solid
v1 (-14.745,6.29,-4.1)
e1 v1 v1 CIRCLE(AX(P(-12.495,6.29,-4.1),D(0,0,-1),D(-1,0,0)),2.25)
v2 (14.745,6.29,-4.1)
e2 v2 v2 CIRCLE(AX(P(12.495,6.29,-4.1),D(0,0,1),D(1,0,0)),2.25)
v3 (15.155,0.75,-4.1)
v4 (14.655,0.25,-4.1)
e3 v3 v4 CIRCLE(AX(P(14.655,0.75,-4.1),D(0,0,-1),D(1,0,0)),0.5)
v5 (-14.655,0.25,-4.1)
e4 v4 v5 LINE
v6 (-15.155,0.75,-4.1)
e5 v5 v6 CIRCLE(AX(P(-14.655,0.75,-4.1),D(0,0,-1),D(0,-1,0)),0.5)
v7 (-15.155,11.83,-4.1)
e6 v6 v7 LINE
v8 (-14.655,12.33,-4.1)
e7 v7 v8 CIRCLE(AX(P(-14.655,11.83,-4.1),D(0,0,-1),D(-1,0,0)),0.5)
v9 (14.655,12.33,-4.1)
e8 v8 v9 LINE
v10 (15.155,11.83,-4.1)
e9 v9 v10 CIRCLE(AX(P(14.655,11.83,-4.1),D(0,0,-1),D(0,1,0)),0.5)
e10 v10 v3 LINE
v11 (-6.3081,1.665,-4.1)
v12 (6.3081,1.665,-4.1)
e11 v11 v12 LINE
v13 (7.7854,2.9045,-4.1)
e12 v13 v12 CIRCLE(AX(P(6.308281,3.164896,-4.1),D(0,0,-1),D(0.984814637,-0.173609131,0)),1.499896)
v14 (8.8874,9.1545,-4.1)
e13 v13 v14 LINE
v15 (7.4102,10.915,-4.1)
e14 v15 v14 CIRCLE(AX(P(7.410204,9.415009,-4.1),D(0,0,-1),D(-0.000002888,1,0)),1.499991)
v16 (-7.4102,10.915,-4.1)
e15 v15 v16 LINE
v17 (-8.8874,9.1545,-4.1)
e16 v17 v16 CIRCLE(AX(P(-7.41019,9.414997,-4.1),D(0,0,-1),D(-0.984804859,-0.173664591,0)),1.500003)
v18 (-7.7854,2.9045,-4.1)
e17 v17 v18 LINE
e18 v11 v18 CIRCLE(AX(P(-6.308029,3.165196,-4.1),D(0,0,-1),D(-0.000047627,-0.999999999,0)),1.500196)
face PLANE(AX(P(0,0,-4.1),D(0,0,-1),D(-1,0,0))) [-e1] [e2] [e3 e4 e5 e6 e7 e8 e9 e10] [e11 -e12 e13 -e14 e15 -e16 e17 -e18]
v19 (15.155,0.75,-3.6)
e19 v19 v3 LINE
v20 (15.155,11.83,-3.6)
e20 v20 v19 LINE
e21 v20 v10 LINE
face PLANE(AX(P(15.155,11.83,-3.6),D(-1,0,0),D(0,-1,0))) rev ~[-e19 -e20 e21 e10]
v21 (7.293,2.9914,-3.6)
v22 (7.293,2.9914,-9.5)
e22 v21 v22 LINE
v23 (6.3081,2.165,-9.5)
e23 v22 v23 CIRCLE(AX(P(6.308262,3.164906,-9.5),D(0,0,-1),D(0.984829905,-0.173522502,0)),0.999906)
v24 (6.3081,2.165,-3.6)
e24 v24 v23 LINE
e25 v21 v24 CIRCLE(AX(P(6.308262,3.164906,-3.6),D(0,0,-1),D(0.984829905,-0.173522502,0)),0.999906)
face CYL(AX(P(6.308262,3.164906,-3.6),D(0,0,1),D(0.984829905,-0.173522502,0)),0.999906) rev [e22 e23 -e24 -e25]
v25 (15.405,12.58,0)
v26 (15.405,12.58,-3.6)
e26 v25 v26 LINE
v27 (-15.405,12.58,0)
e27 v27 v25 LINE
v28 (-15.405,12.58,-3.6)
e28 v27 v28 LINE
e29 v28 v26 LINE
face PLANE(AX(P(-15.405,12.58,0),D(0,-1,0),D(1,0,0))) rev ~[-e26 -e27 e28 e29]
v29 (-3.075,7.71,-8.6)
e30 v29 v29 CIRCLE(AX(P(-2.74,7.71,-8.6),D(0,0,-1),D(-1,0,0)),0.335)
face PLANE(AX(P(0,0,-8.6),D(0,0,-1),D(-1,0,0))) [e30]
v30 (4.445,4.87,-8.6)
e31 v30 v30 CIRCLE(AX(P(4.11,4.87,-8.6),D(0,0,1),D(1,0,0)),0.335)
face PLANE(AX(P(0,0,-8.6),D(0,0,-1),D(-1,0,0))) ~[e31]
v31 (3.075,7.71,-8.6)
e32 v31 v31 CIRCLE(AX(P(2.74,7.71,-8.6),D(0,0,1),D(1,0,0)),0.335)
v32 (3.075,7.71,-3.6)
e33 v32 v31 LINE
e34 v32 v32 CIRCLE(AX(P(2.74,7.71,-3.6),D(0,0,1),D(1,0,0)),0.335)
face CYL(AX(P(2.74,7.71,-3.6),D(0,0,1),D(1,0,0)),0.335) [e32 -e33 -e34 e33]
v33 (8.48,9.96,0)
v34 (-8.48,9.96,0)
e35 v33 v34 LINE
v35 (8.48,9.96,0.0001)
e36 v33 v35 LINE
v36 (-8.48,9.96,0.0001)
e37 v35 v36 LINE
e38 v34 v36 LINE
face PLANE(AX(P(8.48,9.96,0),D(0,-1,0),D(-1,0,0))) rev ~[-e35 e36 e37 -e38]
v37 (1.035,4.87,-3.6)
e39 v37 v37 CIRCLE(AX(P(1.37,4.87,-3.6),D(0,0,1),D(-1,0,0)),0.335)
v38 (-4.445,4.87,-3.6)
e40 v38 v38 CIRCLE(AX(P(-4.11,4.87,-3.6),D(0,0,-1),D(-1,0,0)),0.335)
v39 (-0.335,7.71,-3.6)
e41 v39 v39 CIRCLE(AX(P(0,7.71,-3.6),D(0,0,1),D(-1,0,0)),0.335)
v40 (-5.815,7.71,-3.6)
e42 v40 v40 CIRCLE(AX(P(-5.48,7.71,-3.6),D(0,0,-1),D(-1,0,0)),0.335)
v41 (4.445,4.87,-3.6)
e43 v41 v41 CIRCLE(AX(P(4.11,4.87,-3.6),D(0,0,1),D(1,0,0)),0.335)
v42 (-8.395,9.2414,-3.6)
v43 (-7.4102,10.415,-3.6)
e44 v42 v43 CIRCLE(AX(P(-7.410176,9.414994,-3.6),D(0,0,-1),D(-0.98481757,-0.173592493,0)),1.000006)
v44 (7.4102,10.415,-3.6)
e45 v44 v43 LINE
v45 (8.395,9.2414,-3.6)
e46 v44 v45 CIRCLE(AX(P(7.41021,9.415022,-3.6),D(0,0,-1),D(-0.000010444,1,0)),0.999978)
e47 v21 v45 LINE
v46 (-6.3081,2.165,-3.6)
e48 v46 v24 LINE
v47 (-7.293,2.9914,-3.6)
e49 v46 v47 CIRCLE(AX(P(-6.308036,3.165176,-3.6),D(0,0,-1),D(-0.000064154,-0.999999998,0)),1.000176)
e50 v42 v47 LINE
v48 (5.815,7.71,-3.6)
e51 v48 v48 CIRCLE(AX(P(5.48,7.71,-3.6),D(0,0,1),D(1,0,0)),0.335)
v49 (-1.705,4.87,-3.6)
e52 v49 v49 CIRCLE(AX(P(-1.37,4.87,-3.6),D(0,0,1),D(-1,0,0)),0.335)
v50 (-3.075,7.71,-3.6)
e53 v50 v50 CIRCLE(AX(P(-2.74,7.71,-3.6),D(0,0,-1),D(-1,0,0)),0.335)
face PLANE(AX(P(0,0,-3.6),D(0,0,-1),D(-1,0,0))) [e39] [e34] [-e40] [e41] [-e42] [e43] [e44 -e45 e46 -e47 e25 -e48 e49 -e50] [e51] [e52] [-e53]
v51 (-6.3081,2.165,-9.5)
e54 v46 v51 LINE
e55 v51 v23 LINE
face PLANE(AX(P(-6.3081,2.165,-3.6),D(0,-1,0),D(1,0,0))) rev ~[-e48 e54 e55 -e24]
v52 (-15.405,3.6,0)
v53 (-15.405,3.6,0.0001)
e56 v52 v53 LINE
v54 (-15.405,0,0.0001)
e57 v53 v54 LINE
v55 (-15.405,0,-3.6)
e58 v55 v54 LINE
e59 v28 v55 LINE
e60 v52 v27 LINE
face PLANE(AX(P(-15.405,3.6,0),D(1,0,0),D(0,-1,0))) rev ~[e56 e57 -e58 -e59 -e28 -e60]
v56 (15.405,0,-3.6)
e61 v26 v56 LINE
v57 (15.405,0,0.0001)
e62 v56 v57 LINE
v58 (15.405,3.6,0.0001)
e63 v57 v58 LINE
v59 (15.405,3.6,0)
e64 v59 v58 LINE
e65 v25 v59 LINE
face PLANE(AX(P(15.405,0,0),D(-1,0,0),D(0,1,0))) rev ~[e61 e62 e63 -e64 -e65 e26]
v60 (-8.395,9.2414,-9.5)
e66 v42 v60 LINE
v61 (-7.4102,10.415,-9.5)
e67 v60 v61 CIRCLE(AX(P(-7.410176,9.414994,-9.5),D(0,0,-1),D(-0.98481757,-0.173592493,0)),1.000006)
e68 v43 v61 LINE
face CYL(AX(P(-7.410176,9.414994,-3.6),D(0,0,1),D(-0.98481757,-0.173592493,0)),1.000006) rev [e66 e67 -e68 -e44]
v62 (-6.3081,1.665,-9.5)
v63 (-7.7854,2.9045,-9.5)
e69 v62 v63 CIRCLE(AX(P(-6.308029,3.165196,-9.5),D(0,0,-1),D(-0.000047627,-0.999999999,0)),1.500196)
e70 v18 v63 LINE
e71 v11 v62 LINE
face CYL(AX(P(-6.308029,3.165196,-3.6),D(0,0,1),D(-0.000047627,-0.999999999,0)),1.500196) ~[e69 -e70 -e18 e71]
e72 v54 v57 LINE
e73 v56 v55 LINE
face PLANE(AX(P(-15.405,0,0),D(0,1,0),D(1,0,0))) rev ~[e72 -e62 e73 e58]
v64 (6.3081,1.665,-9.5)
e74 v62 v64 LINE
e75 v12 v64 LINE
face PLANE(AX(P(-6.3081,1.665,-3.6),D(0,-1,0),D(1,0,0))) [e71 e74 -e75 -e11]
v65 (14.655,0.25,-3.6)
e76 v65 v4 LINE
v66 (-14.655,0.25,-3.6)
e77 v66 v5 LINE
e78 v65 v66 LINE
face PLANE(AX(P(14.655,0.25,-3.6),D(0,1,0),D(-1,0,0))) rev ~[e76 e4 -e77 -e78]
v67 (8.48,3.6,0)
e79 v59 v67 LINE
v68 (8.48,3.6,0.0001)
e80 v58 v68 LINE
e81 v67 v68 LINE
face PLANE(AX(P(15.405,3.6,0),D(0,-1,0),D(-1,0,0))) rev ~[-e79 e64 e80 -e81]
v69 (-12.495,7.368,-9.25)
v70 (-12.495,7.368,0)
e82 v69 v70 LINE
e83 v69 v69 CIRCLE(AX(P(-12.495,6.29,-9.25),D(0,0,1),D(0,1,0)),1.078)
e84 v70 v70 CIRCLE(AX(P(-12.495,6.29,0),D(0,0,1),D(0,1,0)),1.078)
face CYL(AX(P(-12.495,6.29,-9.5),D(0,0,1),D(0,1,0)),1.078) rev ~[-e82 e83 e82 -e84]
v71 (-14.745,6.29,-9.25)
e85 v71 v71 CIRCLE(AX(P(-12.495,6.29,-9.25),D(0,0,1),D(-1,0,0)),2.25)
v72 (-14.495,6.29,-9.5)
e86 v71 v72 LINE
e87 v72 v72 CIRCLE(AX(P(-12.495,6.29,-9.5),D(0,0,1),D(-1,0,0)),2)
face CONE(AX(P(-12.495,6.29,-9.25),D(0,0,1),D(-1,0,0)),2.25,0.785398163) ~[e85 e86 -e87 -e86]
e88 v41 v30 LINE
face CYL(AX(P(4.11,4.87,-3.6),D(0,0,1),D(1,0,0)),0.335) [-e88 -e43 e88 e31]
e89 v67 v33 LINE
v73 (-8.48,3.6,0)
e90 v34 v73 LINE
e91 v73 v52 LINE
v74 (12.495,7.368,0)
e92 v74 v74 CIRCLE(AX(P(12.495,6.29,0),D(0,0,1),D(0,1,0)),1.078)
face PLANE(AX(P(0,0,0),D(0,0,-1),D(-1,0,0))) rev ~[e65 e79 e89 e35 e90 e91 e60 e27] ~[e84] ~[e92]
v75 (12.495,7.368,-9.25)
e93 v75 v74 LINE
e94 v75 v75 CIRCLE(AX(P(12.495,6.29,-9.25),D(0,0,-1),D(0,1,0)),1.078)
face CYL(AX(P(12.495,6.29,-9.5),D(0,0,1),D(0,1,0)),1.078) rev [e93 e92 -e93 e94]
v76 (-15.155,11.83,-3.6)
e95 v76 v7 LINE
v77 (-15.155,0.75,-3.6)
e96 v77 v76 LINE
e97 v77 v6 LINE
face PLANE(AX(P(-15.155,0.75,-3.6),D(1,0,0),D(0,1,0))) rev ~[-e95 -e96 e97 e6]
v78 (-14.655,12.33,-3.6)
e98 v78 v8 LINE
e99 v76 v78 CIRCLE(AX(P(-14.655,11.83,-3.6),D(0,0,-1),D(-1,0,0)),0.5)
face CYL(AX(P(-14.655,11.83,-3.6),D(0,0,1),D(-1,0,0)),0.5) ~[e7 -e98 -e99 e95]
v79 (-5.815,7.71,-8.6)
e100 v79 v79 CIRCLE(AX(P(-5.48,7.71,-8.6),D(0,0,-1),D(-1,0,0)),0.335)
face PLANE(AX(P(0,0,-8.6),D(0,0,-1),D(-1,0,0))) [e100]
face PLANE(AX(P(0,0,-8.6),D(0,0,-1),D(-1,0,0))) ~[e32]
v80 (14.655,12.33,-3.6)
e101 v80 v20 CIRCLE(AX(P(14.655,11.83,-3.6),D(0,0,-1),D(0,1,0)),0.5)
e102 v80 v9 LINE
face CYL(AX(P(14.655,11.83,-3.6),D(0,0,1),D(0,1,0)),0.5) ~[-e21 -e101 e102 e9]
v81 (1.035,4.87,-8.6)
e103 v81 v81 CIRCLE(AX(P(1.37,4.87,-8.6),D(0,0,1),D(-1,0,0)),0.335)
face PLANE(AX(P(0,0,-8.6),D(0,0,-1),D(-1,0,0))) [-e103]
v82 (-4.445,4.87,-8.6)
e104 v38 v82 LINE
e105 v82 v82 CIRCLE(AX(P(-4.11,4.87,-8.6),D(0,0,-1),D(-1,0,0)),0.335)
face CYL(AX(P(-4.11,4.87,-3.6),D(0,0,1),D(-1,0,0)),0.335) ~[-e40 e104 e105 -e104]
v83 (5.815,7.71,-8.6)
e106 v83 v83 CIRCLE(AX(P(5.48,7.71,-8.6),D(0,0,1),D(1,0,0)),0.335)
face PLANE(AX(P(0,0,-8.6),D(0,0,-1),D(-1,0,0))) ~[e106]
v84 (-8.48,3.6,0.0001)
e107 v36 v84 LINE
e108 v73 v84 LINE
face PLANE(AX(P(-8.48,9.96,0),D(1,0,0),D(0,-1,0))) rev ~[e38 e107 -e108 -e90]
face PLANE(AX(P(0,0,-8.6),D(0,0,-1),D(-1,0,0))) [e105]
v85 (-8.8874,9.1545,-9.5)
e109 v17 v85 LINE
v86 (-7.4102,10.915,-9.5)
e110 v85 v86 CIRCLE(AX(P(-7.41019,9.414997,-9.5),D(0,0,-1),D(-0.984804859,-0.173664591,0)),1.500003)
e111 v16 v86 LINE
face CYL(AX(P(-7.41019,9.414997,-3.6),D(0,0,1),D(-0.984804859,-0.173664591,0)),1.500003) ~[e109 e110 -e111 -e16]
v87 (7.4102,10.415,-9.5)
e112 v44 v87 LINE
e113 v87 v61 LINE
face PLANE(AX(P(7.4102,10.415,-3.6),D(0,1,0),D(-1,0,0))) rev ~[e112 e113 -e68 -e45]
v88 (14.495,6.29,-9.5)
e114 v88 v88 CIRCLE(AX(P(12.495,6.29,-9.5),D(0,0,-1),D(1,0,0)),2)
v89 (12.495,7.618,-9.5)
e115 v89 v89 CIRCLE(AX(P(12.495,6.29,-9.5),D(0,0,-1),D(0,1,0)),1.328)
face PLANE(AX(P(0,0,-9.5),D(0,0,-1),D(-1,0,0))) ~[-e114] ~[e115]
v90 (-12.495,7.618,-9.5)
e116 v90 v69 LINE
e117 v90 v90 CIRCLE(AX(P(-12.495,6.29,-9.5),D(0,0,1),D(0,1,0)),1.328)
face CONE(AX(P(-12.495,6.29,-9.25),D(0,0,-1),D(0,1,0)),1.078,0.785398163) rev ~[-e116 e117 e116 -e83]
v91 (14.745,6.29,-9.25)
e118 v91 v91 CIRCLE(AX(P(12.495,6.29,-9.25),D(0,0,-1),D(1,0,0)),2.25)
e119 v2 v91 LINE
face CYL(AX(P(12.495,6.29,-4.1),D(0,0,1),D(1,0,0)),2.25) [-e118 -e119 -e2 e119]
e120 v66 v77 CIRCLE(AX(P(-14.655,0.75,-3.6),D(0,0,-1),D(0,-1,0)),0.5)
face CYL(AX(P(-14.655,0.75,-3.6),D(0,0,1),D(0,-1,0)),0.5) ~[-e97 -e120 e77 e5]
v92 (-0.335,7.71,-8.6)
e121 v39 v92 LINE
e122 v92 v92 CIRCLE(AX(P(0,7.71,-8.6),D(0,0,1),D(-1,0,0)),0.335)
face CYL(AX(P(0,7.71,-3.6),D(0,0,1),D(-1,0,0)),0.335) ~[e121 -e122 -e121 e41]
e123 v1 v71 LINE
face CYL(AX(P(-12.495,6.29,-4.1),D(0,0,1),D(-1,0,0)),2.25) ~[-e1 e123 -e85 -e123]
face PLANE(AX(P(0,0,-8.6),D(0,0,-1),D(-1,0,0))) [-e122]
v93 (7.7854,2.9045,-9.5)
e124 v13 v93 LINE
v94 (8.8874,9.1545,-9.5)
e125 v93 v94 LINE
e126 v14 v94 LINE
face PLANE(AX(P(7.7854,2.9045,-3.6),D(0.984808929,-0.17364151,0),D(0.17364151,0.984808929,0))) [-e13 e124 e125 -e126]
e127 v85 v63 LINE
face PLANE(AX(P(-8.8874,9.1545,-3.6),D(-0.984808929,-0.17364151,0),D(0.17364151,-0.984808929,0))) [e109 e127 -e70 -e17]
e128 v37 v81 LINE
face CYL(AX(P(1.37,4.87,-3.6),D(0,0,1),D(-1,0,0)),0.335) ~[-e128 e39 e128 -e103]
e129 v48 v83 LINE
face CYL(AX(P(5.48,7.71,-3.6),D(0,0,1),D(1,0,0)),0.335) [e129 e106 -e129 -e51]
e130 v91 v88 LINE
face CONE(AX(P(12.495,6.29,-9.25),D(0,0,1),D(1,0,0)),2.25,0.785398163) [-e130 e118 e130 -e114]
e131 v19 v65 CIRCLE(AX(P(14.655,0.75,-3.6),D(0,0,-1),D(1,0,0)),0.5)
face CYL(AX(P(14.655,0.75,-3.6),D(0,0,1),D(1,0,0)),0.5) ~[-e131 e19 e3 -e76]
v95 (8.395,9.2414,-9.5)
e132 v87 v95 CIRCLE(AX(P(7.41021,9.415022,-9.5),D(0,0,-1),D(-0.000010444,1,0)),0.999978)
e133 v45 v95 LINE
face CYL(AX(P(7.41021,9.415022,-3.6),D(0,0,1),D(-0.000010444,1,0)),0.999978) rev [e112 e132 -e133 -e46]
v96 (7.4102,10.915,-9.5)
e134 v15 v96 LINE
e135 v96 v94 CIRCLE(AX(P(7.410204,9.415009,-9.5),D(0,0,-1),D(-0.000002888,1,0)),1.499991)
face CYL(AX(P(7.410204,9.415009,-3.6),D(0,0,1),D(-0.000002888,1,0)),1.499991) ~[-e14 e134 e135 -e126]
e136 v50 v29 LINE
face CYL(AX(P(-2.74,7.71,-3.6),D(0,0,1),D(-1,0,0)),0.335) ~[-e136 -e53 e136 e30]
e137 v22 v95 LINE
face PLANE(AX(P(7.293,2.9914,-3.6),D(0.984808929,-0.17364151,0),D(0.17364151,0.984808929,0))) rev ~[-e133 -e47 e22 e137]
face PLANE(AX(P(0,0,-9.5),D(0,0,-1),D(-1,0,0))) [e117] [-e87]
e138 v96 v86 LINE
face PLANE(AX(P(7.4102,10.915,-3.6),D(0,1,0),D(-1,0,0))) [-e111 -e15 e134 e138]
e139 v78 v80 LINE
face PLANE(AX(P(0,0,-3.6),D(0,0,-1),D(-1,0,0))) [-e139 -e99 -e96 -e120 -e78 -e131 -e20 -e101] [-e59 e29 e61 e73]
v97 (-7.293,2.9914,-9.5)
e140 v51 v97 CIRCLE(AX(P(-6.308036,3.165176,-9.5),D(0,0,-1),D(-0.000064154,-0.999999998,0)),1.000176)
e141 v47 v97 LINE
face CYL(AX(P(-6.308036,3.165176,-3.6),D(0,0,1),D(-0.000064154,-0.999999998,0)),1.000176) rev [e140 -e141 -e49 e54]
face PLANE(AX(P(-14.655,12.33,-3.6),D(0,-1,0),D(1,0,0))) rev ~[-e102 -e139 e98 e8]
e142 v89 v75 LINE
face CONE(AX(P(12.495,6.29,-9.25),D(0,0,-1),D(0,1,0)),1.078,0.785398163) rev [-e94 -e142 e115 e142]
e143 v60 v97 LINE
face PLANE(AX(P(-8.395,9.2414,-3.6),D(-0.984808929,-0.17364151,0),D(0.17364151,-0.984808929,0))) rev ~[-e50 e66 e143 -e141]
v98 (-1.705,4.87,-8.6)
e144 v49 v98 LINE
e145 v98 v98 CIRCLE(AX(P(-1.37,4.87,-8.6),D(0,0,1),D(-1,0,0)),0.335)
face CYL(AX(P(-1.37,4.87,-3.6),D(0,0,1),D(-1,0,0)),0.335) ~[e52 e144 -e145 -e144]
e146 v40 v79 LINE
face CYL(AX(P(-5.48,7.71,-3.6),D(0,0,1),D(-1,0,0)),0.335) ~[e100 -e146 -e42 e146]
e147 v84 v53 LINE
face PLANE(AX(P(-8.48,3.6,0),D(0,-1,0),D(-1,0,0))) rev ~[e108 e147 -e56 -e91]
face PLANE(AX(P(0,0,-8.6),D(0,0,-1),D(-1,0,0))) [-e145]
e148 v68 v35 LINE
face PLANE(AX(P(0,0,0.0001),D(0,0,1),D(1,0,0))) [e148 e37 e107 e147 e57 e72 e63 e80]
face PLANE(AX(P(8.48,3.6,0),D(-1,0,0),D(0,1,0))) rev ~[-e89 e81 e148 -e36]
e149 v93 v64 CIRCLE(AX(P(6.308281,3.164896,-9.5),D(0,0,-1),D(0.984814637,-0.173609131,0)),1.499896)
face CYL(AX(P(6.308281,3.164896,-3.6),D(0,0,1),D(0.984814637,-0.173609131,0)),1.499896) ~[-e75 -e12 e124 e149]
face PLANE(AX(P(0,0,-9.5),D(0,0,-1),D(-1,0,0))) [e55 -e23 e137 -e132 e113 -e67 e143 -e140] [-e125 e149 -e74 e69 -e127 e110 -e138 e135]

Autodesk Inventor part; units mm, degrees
ref_plane "YZ Plane" through (0, 0, 0) normal (1, 0, 0) x (0, 1, 0)
ref_plane "XZ Plane" through (0, 0, 0) normal (0, 1, 0) x (-1, 0, 0)
ref_plane "XY Plane" through (0, 0, 0) normal (0, 0, 1) x (1, 0, 0)
sketch "Sketch1" plane through (0, 0, 0) normal (0, 0, 1) x (1, 0, 0)
  line L0 (-15.405, 0) -> (15.405, 0)
  line L1 (15.405, 0) -> (15.405, 3.6)
  line L2 (15.405, 3.6) -> (8.48, 3.6)
  line L3 (8.48, 3.6) -> (8.48, 9.96)
  line L4 (8.48, 9.96) -> (-8.48, 9.96)
  line L5 (-8.48, 9.96) -> (-8.48, 3.6)
  line L6 (-8.48, 3.6) -> (-15.405, 3.6)
  line L7 (-15.405, 3.6) -> (-15.405, 0)
  point P0 (0, 0)
  point P1 (0, 0)
  dimension "d0" = 16.96
  dimension "d1" = 9.96
  dimension "d2" = 3.6
  dimension "d3" = 30.81
extrude "Extrusion1" add sketch "Sketch1" along normal blind 0.0001
sketch "Sketch2" plane through (0, 0, 0) normal (0, 0, -1) x (-1, 0, 0)
  line L0 (15.405, 3.6) -> (15.405, 0) projected
  line L1 (-15.405, 0) -> (15.405, 0)
  line L2 (15.405, 0) -> (15.405, 12.58)
  line L3 (15.405, 12.58) -> (-15.405, 12.58)
  line L4 (-15.405, 12.58) -> (-15.405, 0)
  dimension "d6" = 12.58
extrude "Extrusion2" add sketch "Sketch2" along normal blind 3.6
sketch "Sketch5" plane through (0, 0, -3.6) normal (0, 0, -1) x (-1, 0, 0)
  line L0 (15.405, 0) -> (-15.405, 0) projected
  line L1 (-15.405, 12.58) -> (15.405, 12.58) projected
  line L2 (-7.4102, 10.415) -> (7.4102, 10.415)
  line L3 (8.395, 9.2414) -> (7.293, 2.9914)
  line L4 (6.3081, 2.165) -> (-6.3081, 2.165)
  line L5 (-7.293, 2.9914) -> (-8.395, 9.2414)
  arc A0 (-7.4102, 10.415) -> (-8.395, 9.2414) centre (-7.4102, 9.415) ccw
  arc A1 (8.395, 9.2414) -> (7.4102, 10.415) centre (7.4102, 9.415) ccw
  arc A2 (-7.293, 2.9914) -> (-6.3081, 2.165) centre (-6.3081, 3.165) ccw
  arc A3 (6.3081, 2.165) -> (7.293, 2.9914) centre (6.3081, 3.165) ccw
  line L6 (0, 12.58) -> (0, 0) construction
  line L7 (0, 10.415) -> (0, 12.58) construction
  line L8 (0, 0) -> (0, 2.165) construction
  arc A4 (-7.4102, 10.915) -> (-8.8874, 9.1545) centre (-7.4102, 9.415) ccw
  line L9 (-7.4102, 10.915) -> (7.4102, 10.915)
  arc A5 (8.8874, 9.1545) -> (7.4102, 10.915) centre (7.4102, 9.415) ccw
  line L10 (8.8874, 9.1545) -> (7.7854, 2.9045)
  arc A6 (6.3081, 1.665) -> (7.7854, 2.9045) centre (6.3081, 3.165) ccw
  line L11 (6.3081, 1.665) -> (-6.3081, 1.665)
  arc A7 (-7.7854, 2.9045) -> (-6.3081, 1.665) centre (-6.3081, 3.165) ccw
  line L12 (-7.7854, 2.9045) -> (-8.8874, 9.1545)
  dimension "d22" = 100
  dimension "d23" = 100
  dimension "d24" = 1
  dimension "d25" = 1
  dimension "d26" = 8.25
  dimension "d27" = 16.79
  dimension "d29" = 0.5
extrude "Extrusion3" add sketch "Sketch5" along normal blind 5.9
sketch "Sketch6" plane through (0, 0, -3.6) normal (0, 0, -1) x (-1, 0, 0)
  line L0 (-15.405, 0) -> (-15.405, 12.58) projected
  line L1 (15.405, 0) -> (-15.405, 0) projected
  line L2 (15.405, 12.58) -> (15.405, 0) projected
  line L3 (-15.405, 12.58) -> (15.405, 12.58) projected
  line L4 (-7.4102, 10.915) -> (7.4102, 10.915) projected
  arc A0 (8.8874, 9.1545) -> (7.4102, 10.915) centre (7.4102, 9.415) ccw projected
  line L5 (8.8874, 9.1545) -> (7.7854, 2.9045) projected
  arc A1 (6.3081, 1.665) -> (7.7854, 2.9045) centre (6.3081, 3.165) ccw projected
  line L6 (6.3081, 1.665) -> (-6.3081, 1.665) projected
  arc A2 (-7.7854, 2.9045) -> (-6.3081, 1.665) centre (-6.3081, 3.165) ccw projected
  line L7 (-7.7854, 2.9045) -> (-8.8874, 9.1545) projected
  arc A3 (-7.4102, 10.915) -> (-8.8874, 9.1545) centre (-7.4102, 9.415) ccw projected
  line L8 (-15.155, 11.83) -> (-15.155, 0.75)
  line L9 (-14.655, 0.25) -> (14.655, 0.25)
  line L10 (15.155, 0.75) -> (15.155, 11.83)
  line L11 (14.655, 12.33) -> (-14.655, 12.33)
  line L12 (-8.395, 9.2414) -> (-7.293, 2.9914) projected
  arc A4 (-7.293, 2.9914) -> (-6.3081, 2.165) centre (-6.3081, 3.165) ccw projected
  line L13 (-6.3081, 2.165) -> (6.3081, 2.165) projected
  arc A5 (-14.655, 12.33) -> (-15.155, 11.83) centre (-14.655, 11.83) ccw
  arc A6 (15.155, 11.83) -> (14.655, 12.33) centre (14.655, 11.83) ccw
  arc A7 (14.655, 0.25) -> (15.155, 0.75) centre (14.655, 0.75) ccw
  arc A8 (-15.155, 0.75) -> (-14.655, 0.25) centre (-14.655, 0.75) ccw
  dimension "d32" = 0.25
  dimension "d33" = 0.5
extrude "Extrusion4" add sketch "Sketch6" along normal blind 0.5 contours A5 L11 A6 L10 A7 L9 A8 L8
sketch "Sketch7" plane through (0, 0, -4.1) normal (0, 0, -1) x (-1, 0, 0)
  line L0 (-14.655, 12.33) -> (14.655, 12.33) projected
  line L1 (14.655, 0.25) -> (-14.655, 0.25) projected
  circle A0 centre (12.495, 6.29) radius 2.25
  line L2 (12.495, 6.29) -> (12.495, 12.33)
  line L3 (12.495, 6.29) -> (12.495, 0.25)
  line L4 (15.405, 12.58) -> (15.405, 0) projected
  dimension "d36" = 4.5
  dimension "d37" = 2.91
extrude "Extrusion5" add sketch "Sketch7" along normal blind 5.4
sketch "Sketch8" plane through (-12.495, 6.29, -9.5) normal (0, 0, -1) x (-1, 0, 0)
  circle A0 centre (0, 0) radius 2.25 projected
hole "Hole2" at (-12.495, 6.29, -9.5) direction (0, 0, 1) diameter 2.156 end through all thread size "4-40 UNC" class "2B" standard "ANSI Unified Screw Threads"
chamfer "Chamfer2" distance 0.25 angle 45 2 edges at (-10.245, 6.29, -9.5) (-12.495, 5.212, -9.5)
mirror "Mirror2" about plane through (0, 0, 0) normal (1, 0, 0) of "Extrusion5", "Hole2", "Chamfer2"
sketch "Sketch9" plane through (0, 0, -3.6) normal (0, 0, -1) x (-1, 0, 0)
  line L0 (7.4102, 10.415) -> (-7.4102, 10.415) projected
  line L1 (-6.3081, 2.165) -> (6.3081, 2.165) projected
  line L2 (0, 2.165) -> (0, 10.415) construction
  line L3 (-1.7032, 7.71) -> (6.4948, 7.71) construction
  line L4 (-1.5161, 4.87) -> (6.4574, 4.87) construction
  line L5 (-1.7032, 7.71) -> (-1.7032, 10.415) construction
  line L6 (-1.5161, 4.87) -> (-1.5161, 2.165) construction
  line L7 (-1.37, 8.1856) -> (-1.37, 4.0304) construction
  circle A0 centre (0, 7.71) radius 0.335
  circle A1 centre (-1.37, 4.87) radius 0.335
  circle A2 centre (2.74, 7.71) radius 0.335
  circle A3 centre (1.37, 4.87) radius 0.335
  circle A4 centre (5.48, 7.71) radius 0.335
  circle A5 centre (4.11, 4.87) radius 0.335
  dimension "d49" = 2.84
  dimension "d50" = 1.37
  dimension "d51" = 0.67
  dimension "d54" = 2.74
extrude "Extrusion6" add sketch "Sketch9" along normal blind 5
mirror "Mirror3" about plane through (0, 0, 0) normal (1, 0, 0) of "Extrusion6"
properties part number "cRIO-FRC 9M D-Shell" material "ABS Plastic"
